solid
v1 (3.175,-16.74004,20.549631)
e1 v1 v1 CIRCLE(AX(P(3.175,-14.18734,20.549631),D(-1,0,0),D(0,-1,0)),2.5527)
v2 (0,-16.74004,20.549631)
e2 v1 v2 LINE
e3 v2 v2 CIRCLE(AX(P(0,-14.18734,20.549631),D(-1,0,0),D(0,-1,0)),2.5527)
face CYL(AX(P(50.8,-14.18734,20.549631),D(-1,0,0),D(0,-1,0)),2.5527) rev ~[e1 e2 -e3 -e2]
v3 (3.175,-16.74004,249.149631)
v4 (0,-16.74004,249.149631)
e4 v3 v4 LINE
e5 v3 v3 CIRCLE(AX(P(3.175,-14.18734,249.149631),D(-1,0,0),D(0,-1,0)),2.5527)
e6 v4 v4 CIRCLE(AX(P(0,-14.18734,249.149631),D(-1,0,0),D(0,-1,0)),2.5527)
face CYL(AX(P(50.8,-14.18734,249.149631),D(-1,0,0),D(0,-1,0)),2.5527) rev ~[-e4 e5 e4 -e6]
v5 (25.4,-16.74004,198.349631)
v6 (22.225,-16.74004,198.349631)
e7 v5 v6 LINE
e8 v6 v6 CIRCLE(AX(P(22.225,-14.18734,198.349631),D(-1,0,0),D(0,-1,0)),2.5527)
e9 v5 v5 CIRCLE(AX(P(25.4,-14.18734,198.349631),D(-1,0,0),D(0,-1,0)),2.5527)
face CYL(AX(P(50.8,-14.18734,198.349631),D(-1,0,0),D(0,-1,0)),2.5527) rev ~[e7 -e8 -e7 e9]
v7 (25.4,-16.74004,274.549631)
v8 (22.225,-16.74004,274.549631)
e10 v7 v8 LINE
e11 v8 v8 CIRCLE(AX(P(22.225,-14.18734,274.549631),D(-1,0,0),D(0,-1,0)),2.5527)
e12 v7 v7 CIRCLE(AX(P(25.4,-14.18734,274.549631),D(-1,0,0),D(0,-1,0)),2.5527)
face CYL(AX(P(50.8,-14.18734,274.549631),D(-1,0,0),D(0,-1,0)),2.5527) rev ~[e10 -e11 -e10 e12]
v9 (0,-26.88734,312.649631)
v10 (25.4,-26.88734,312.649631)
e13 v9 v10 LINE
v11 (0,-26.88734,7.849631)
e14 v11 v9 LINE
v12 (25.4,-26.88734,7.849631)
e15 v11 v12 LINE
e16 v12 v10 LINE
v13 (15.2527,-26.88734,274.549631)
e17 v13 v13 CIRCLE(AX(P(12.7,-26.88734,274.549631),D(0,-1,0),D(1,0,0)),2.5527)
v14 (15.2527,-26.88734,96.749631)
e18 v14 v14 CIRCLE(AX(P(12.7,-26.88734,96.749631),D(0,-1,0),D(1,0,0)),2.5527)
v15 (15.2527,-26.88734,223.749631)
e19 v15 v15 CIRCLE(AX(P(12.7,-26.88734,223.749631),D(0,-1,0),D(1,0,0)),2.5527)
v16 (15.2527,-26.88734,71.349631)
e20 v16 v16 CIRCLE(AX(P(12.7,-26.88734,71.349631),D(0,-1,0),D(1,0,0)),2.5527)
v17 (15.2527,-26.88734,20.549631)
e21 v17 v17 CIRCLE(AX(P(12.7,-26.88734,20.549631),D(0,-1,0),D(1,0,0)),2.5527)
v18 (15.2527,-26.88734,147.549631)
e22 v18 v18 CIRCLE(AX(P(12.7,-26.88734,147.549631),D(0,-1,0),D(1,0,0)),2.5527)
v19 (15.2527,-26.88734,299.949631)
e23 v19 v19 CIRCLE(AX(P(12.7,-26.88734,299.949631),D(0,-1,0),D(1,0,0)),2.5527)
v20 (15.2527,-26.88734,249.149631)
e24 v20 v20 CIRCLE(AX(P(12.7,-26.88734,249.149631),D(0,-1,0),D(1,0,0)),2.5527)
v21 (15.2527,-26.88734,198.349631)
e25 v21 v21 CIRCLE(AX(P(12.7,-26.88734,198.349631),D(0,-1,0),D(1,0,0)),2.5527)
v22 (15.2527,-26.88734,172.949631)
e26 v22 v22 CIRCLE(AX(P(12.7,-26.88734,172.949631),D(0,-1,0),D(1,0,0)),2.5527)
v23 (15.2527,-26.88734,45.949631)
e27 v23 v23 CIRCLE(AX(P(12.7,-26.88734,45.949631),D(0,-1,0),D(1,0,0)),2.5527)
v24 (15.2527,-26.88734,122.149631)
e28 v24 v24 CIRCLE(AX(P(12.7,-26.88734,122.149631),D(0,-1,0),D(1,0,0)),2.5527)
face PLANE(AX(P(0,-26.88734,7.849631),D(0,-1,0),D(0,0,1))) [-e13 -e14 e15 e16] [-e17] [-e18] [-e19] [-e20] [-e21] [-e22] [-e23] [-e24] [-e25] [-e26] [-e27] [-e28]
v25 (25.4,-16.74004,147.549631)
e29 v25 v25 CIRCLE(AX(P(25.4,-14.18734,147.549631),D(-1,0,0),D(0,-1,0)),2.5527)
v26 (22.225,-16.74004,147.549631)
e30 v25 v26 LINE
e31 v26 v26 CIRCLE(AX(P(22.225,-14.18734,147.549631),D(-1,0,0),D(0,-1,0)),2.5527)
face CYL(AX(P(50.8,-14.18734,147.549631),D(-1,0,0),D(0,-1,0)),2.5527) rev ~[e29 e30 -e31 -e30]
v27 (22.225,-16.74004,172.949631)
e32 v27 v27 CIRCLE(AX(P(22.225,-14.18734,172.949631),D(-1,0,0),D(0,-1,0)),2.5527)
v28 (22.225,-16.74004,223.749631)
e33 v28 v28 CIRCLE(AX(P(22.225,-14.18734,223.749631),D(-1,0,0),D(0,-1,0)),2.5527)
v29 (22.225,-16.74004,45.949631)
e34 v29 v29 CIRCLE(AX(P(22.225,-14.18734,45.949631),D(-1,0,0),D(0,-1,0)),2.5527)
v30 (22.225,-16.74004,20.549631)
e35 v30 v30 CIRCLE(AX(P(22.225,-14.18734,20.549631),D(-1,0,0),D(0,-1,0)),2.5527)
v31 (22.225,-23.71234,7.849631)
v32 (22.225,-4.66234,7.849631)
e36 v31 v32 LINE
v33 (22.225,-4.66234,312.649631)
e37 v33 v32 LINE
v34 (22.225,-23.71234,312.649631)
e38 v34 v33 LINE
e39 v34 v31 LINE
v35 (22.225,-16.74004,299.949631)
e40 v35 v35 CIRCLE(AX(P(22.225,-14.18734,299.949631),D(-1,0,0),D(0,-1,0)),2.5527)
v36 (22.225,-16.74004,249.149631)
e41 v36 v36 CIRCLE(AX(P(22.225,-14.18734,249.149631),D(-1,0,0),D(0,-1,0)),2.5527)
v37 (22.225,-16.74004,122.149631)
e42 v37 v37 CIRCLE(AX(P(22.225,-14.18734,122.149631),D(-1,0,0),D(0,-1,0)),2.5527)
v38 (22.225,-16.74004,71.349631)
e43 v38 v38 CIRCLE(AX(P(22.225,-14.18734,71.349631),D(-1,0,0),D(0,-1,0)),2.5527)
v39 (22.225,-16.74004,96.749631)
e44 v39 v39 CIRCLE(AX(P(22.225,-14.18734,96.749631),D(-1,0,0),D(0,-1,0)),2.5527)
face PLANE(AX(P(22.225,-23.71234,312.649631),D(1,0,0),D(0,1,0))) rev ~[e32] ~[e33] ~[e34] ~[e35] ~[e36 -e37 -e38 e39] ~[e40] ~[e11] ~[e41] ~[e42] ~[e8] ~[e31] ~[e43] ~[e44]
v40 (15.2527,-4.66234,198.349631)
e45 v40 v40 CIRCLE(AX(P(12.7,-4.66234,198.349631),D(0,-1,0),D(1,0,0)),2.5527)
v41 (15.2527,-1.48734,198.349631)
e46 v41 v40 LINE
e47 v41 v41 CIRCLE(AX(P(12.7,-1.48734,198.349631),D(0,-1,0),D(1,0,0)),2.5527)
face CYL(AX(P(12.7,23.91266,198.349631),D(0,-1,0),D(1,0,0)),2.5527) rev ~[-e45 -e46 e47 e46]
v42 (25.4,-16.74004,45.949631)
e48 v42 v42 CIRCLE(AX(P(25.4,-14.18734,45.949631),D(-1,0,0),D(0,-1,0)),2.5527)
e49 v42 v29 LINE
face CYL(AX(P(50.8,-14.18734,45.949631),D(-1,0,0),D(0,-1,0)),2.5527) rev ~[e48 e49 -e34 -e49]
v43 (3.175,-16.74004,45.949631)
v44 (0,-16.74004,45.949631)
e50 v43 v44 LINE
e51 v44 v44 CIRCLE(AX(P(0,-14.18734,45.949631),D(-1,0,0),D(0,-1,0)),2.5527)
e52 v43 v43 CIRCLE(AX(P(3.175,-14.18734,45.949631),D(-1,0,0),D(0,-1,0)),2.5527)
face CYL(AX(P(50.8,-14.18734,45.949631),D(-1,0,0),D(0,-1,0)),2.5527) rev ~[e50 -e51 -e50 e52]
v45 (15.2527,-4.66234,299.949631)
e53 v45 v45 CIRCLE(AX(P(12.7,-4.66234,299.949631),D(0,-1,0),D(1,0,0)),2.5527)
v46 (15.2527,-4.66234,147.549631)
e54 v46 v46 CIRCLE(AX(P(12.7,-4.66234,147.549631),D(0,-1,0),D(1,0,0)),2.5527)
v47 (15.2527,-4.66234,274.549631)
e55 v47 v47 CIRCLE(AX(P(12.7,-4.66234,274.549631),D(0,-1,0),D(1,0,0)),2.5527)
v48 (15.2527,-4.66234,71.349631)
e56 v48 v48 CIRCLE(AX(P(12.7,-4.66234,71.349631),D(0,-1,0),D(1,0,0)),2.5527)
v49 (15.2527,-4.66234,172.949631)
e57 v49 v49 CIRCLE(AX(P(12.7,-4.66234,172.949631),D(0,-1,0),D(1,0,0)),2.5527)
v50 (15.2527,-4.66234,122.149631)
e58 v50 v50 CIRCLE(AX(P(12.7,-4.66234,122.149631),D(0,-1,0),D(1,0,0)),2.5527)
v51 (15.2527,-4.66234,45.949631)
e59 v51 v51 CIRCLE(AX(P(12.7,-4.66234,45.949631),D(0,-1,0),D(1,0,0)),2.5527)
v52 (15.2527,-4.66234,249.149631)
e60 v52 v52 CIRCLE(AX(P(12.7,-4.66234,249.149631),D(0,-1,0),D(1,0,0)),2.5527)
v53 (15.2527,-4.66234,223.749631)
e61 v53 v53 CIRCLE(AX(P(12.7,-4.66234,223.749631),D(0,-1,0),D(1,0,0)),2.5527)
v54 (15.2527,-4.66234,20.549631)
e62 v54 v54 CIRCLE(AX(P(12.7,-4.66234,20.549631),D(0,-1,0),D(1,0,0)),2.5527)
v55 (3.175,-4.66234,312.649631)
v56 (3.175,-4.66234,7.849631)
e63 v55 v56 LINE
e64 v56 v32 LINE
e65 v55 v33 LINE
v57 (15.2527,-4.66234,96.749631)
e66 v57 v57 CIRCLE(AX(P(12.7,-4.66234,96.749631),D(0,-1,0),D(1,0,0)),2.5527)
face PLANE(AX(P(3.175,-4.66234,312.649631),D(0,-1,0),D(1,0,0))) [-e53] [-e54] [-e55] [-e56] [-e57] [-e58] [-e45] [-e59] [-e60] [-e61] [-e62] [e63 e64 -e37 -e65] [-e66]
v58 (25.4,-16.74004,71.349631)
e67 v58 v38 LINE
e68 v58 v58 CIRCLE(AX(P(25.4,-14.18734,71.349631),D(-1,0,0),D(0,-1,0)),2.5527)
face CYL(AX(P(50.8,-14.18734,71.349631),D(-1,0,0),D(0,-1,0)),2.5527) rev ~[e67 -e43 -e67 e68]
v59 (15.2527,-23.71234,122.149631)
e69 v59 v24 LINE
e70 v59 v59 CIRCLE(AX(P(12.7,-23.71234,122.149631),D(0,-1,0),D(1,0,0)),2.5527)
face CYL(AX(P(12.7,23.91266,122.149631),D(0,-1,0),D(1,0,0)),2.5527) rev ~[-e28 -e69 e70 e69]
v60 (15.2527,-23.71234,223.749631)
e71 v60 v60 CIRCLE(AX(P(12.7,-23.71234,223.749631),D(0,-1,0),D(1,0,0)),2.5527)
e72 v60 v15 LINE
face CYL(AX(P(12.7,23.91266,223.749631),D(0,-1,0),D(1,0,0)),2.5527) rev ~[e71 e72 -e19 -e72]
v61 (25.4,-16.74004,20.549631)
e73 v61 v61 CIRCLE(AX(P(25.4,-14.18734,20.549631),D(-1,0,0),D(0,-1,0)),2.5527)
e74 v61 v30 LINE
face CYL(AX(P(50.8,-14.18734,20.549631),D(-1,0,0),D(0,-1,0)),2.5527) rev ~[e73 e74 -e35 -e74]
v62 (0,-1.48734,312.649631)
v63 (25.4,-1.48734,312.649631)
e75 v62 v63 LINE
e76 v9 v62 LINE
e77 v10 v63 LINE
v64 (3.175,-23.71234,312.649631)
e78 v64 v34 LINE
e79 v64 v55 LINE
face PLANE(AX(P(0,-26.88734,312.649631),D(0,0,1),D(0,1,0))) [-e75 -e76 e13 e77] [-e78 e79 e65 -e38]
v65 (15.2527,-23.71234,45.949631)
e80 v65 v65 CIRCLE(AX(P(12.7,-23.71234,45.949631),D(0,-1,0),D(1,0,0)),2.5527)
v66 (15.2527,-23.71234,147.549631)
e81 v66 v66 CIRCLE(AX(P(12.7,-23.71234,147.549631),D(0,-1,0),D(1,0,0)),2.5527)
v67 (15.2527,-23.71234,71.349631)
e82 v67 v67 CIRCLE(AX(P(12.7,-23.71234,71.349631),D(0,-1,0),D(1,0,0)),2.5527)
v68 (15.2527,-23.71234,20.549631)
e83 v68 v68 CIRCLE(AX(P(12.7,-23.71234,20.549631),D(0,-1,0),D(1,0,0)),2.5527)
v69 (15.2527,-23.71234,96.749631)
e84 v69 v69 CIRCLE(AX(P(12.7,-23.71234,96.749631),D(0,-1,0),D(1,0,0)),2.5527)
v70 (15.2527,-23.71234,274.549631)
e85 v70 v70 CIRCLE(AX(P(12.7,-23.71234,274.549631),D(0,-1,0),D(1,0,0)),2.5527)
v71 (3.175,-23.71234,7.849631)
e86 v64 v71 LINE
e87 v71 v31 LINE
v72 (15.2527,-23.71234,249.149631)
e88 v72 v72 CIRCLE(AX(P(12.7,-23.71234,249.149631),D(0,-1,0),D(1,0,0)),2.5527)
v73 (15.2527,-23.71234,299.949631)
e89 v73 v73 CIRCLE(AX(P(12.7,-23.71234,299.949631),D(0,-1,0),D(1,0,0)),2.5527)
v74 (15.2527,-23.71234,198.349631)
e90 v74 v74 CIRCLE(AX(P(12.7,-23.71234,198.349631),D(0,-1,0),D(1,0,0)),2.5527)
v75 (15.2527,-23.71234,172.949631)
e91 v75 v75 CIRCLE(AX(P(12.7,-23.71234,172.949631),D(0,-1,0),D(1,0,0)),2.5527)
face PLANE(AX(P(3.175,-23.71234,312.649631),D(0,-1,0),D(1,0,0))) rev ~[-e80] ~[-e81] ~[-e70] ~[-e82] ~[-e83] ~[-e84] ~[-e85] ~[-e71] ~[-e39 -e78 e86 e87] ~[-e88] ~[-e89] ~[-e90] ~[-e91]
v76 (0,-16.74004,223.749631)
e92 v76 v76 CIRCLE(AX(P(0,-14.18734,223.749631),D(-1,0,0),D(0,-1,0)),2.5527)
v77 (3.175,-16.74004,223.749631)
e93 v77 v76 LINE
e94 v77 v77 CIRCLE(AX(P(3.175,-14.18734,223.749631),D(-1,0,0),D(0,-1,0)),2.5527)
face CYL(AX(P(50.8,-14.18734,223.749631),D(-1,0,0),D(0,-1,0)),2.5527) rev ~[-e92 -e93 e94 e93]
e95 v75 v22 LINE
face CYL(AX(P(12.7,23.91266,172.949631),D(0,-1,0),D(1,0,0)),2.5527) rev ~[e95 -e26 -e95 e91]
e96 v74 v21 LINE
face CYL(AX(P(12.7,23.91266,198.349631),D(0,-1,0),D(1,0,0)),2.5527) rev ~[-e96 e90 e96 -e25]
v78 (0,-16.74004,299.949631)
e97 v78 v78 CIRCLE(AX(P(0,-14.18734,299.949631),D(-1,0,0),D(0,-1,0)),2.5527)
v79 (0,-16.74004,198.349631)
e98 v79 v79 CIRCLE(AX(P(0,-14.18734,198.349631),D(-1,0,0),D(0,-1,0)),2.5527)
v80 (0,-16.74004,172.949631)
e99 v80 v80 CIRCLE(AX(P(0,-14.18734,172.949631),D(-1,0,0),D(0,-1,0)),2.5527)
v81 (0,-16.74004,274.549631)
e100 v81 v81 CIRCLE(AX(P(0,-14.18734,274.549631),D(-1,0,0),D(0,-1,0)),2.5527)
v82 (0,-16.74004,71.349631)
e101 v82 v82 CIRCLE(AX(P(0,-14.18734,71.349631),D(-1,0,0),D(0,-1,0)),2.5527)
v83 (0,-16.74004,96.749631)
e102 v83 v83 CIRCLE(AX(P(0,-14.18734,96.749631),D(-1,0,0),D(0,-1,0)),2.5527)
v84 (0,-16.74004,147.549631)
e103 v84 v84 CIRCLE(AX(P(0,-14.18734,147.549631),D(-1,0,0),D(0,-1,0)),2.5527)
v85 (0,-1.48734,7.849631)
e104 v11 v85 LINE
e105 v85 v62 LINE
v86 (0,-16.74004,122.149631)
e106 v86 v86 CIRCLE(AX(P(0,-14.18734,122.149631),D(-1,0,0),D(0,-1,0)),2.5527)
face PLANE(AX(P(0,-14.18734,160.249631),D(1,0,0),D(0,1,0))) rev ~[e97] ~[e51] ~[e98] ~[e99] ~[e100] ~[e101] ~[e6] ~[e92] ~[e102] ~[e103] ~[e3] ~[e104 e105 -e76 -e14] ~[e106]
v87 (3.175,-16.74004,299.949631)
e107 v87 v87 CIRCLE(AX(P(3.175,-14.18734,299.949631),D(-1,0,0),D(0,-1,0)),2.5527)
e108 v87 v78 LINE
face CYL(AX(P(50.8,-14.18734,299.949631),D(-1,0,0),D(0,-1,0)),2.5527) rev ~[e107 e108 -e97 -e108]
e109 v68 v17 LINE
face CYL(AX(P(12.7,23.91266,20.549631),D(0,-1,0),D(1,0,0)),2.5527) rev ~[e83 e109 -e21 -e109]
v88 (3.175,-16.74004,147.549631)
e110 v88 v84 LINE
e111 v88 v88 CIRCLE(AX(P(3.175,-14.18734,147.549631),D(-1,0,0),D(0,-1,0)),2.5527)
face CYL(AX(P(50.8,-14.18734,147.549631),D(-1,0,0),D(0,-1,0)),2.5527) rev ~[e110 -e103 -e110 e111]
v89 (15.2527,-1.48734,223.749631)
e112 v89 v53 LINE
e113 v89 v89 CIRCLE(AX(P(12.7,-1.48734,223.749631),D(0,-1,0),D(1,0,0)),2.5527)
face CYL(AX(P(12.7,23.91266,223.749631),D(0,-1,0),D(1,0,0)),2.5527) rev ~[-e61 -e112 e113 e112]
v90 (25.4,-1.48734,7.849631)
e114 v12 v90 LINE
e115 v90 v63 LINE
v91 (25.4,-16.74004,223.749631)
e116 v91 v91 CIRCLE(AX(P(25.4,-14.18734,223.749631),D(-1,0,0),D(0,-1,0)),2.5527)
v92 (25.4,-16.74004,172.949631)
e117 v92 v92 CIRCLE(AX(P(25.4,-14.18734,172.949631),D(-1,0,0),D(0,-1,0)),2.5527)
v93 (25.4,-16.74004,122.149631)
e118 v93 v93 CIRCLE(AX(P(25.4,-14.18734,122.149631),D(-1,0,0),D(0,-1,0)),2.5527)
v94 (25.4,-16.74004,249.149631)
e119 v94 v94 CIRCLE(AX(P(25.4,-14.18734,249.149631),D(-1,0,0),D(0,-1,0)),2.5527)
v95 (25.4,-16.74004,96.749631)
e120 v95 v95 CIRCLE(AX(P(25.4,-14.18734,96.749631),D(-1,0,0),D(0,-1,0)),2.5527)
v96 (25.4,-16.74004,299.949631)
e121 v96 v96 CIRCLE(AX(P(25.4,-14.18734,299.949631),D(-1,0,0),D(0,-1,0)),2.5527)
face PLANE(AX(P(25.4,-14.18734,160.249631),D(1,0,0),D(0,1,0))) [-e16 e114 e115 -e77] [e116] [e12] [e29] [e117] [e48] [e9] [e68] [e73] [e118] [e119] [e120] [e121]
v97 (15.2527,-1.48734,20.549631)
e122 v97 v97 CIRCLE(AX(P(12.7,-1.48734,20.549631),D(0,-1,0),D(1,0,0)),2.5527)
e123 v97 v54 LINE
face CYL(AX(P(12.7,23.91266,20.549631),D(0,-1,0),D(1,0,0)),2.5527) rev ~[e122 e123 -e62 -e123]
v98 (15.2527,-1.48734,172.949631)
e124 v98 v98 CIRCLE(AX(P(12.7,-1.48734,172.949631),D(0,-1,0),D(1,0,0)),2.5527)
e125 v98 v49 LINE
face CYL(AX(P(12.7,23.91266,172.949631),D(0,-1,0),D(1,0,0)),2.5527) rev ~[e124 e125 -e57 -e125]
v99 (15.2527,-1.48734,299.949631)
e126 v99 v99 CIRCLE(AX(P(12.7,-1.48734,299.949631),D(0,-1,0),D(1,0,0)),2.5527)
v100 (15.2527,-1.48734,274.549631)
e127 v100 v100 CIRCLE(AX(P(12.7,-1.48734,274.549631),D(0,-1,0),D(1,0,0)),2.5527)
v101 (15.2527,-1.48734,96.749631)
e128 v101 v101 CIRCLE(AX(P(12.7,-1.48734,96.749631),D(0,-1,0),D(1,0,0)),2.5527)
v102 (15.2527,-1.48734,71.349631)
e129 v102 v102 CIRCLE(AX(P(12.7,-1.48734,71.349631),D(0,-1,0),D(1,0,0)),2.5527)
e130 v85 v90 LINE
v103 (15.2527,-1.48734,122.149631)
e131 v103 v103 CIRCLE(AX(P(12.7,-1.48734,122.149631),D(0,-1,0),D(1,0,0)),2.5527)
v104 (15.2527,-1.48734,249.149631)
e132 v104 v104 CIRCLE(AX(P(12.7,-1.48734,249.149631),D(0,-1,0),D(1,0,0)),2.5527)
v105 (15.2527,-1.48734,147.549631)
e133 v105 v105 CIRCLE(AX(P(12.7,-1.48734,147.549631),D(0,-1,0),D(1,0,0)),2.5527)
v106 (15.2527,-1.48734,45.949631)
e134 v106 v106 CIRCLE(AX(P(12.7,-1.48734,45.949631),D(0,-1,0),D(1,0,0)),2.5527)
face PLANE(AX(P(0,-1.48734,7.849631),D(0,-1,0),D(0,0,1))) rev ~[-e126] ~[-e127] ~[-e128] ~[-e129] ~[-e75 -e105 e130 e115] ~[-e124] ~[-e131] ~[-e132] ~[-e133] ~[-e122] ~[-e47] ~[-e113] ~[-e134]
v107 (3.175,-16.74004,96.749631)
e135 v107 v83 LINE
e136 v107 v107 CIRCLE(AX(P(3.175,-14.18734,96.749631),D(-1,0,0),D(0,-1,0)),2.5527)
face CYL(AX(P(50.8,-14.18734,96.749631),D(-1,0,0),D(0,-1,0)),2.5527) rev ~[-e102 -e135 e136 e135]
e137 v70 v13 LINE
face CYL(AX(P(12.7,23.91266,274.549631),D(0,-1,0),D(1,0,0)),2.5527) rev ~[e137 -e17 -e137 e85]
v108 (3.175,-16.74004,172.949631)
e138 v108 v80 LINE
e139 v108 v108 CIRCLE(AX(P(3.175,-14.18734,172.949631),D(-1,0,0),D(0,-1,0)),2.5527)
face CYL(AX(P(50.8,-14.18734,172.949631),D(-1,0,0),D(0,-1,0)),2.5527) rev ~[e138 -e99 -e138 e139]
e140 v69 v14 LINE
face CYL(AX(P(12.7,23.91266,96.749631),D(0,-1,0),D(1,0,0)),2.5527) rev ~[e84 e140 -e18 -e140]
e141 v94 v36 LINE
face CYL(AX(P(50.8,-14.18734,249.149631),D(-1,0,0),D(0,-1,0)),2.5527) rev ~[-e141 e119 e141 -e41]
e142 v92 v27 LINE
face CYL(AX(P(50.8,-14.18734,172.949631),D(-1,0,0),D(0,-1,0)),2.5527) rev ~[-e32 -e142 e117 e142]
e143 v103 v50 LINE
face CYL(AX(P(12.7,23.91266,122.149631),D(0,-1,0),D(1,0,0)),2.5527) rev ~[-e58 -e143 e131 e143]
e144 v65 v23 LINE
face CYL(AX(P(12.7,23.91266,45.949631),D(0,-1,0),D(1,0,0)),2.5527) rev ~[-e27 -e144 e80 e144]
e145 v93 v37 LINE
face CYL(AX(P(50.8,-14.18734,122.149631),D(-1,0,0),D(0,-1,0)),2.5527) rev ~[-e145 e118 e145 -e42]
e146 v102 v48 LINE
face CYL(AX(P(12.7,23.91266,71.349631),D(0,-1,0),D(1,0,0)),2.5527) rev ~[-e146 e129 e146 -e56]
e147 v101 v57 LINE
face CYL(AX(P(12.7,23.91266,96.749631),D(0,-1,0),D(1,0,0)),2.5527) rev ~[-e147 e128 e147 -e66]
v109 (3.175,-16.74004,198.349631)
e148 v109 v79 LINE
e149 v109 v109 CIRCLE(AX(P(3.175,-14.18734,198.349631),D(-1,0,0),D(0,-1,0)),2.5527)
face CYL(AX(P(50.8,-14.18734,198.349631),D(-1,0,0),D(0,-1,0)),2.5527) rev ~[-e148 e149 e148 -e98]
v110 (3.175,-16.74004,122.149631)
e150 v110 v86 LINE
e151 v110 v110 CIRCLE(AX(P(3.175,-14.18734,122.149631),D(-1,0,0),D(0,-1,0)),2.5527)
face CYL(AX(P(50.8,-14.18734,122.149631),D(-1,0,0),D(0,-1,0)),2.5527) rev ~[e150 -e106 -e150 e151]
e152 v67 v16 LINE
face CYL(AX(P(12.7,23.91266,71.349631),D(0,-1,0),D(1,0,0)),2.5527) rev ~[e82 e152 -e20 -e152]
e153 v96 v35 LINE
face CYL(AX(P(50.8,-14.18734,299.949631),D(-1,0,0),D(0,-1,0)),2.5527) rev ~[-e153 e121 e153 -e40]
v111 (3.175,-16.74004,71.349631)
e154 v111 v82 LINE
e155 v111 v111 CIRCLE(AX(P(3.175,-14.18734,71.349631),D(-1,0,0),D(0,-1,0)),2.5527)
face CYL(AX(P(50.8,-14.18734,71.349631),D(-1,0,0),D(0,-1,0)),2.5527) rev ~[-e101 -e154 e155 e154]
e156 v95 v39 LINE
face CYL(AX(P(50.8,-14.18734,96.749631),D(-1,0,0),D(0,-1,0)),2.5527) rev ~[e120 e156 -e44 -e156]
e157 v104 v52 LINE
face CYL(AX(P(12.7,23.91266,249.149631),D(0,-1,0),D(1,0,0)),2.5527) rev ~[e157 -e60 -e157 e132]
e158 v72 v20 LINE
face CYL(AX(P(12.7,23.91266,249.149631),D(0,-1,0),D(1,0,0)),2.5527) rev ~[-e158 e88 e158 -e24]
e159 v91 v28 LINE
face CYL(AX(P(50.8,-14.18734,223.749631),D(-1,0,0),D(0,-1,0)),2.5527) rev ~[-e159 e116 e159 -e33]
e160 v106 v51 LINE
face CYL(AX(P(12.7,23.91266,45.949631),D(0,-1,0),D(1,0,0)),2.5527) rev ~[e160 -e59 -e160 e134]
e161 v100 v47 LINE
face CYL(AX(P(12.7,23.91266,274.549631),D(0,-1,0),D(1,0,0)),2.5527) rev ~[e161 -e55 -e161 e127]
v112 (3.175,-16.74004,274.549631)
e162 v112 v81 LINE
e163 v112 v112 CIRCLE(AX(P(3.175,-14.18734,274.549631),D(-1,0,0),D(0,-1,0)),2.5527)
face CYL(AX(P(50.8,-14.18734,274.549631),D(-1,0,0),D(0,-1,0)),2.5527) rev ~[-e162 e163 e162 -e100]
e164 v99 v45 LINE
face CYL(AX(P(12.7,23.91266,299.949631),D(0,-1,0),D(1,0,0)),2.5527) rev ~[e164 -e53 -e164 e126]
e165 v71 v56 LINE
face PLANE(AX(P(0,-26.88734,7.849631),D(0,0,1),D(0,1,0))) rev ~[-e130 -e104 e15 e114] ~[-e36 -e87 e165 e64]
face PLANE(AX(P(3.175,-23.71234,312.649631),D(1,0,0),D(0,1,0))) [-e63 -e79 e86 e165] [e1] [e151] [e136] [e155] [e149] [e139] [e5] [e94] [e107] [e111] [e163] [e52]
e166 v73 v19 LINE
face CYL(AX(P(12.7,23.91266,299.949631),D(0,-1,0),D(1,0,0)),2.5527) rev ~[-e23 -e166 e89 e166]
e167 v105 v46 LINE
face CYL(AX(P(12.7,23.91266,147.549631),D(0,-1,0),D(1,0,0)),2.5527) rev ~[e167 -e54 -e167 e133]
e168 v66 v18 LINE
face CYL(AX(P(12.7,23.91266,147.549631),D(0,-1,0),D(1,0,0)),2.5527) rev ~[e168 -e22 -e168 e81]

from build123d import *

# Parameters (mm, degrees)
F0_W     = 25.4
F0_H     = 304.8
F1_DEPTH = 25.4
F2_W     = 19.05
F2_H     = 19.05
F3_DEPTH = 304.8
F5_D     = 5.1054
F5_DEPTH = 25.4
F7_D     = 5.1054
F7_DEPTH = 25.4


with BuildPart() as f1:
    # F0 (on Right) → F1 (new body)
    with BuildSketch(Plane.YZ):
        with Locations((-14.18734, 160.249631)):
            Rectangle(F0_W, F0_H)
    extrude(amount=F1_DEPTH)

    # F2 (on face) → F3 (cut)
    with BuildSketch(Plane.XY.offset(312.649631)):
        with Locations((12.7, -14.18734)):
            Rectangle(F2_W, F2_H)
    extrude(amount=-F3_DEPTH, mode=Mode.SUBTRACT)

    # F5
    with Locations(Plane.YZ.offset(25.4)):
        with Locations((-14.18734, 20.549631), (-14.18734, 96.749631), (-14.18734, 122.149631), (-14.18734, 147.549631), (-14.18734, 45.949631), (-14.18734, 71.349631), (-14.18734, 172.949631), (-14.18734, 299.949631), (-14.18734, 198.349631), (-14.18734, 223.749631), (-14.18734, 249.149631), (-14.18734, 274.549631), (11.21266, 299.949631)):
            Hole(F5_D / 2, depth=F5_DEPTH)

    # F7
    with Locations(Plane(origin=(0, -1.48734, 0), x_dir=(-1, 0, 0), z_dir=(0, 1, 0))):
        with Locations((-12.7, 20.549631), (-12.7, 71.349631), (-12.7, 45.949631), (-12.7, 299.949631), (-12.7, 249.149631), (-12.7, 274.549631), (-12.7, 122.149631), (-12.7, 96.749631), (-12.7, 172.949631), (-12.7, 147.549631), (-12.7, 223.749631), (-12.7, 198.349631)):
            Hole(F7_D / 2, depth=F7_DEPTH)


solid = f1.part
